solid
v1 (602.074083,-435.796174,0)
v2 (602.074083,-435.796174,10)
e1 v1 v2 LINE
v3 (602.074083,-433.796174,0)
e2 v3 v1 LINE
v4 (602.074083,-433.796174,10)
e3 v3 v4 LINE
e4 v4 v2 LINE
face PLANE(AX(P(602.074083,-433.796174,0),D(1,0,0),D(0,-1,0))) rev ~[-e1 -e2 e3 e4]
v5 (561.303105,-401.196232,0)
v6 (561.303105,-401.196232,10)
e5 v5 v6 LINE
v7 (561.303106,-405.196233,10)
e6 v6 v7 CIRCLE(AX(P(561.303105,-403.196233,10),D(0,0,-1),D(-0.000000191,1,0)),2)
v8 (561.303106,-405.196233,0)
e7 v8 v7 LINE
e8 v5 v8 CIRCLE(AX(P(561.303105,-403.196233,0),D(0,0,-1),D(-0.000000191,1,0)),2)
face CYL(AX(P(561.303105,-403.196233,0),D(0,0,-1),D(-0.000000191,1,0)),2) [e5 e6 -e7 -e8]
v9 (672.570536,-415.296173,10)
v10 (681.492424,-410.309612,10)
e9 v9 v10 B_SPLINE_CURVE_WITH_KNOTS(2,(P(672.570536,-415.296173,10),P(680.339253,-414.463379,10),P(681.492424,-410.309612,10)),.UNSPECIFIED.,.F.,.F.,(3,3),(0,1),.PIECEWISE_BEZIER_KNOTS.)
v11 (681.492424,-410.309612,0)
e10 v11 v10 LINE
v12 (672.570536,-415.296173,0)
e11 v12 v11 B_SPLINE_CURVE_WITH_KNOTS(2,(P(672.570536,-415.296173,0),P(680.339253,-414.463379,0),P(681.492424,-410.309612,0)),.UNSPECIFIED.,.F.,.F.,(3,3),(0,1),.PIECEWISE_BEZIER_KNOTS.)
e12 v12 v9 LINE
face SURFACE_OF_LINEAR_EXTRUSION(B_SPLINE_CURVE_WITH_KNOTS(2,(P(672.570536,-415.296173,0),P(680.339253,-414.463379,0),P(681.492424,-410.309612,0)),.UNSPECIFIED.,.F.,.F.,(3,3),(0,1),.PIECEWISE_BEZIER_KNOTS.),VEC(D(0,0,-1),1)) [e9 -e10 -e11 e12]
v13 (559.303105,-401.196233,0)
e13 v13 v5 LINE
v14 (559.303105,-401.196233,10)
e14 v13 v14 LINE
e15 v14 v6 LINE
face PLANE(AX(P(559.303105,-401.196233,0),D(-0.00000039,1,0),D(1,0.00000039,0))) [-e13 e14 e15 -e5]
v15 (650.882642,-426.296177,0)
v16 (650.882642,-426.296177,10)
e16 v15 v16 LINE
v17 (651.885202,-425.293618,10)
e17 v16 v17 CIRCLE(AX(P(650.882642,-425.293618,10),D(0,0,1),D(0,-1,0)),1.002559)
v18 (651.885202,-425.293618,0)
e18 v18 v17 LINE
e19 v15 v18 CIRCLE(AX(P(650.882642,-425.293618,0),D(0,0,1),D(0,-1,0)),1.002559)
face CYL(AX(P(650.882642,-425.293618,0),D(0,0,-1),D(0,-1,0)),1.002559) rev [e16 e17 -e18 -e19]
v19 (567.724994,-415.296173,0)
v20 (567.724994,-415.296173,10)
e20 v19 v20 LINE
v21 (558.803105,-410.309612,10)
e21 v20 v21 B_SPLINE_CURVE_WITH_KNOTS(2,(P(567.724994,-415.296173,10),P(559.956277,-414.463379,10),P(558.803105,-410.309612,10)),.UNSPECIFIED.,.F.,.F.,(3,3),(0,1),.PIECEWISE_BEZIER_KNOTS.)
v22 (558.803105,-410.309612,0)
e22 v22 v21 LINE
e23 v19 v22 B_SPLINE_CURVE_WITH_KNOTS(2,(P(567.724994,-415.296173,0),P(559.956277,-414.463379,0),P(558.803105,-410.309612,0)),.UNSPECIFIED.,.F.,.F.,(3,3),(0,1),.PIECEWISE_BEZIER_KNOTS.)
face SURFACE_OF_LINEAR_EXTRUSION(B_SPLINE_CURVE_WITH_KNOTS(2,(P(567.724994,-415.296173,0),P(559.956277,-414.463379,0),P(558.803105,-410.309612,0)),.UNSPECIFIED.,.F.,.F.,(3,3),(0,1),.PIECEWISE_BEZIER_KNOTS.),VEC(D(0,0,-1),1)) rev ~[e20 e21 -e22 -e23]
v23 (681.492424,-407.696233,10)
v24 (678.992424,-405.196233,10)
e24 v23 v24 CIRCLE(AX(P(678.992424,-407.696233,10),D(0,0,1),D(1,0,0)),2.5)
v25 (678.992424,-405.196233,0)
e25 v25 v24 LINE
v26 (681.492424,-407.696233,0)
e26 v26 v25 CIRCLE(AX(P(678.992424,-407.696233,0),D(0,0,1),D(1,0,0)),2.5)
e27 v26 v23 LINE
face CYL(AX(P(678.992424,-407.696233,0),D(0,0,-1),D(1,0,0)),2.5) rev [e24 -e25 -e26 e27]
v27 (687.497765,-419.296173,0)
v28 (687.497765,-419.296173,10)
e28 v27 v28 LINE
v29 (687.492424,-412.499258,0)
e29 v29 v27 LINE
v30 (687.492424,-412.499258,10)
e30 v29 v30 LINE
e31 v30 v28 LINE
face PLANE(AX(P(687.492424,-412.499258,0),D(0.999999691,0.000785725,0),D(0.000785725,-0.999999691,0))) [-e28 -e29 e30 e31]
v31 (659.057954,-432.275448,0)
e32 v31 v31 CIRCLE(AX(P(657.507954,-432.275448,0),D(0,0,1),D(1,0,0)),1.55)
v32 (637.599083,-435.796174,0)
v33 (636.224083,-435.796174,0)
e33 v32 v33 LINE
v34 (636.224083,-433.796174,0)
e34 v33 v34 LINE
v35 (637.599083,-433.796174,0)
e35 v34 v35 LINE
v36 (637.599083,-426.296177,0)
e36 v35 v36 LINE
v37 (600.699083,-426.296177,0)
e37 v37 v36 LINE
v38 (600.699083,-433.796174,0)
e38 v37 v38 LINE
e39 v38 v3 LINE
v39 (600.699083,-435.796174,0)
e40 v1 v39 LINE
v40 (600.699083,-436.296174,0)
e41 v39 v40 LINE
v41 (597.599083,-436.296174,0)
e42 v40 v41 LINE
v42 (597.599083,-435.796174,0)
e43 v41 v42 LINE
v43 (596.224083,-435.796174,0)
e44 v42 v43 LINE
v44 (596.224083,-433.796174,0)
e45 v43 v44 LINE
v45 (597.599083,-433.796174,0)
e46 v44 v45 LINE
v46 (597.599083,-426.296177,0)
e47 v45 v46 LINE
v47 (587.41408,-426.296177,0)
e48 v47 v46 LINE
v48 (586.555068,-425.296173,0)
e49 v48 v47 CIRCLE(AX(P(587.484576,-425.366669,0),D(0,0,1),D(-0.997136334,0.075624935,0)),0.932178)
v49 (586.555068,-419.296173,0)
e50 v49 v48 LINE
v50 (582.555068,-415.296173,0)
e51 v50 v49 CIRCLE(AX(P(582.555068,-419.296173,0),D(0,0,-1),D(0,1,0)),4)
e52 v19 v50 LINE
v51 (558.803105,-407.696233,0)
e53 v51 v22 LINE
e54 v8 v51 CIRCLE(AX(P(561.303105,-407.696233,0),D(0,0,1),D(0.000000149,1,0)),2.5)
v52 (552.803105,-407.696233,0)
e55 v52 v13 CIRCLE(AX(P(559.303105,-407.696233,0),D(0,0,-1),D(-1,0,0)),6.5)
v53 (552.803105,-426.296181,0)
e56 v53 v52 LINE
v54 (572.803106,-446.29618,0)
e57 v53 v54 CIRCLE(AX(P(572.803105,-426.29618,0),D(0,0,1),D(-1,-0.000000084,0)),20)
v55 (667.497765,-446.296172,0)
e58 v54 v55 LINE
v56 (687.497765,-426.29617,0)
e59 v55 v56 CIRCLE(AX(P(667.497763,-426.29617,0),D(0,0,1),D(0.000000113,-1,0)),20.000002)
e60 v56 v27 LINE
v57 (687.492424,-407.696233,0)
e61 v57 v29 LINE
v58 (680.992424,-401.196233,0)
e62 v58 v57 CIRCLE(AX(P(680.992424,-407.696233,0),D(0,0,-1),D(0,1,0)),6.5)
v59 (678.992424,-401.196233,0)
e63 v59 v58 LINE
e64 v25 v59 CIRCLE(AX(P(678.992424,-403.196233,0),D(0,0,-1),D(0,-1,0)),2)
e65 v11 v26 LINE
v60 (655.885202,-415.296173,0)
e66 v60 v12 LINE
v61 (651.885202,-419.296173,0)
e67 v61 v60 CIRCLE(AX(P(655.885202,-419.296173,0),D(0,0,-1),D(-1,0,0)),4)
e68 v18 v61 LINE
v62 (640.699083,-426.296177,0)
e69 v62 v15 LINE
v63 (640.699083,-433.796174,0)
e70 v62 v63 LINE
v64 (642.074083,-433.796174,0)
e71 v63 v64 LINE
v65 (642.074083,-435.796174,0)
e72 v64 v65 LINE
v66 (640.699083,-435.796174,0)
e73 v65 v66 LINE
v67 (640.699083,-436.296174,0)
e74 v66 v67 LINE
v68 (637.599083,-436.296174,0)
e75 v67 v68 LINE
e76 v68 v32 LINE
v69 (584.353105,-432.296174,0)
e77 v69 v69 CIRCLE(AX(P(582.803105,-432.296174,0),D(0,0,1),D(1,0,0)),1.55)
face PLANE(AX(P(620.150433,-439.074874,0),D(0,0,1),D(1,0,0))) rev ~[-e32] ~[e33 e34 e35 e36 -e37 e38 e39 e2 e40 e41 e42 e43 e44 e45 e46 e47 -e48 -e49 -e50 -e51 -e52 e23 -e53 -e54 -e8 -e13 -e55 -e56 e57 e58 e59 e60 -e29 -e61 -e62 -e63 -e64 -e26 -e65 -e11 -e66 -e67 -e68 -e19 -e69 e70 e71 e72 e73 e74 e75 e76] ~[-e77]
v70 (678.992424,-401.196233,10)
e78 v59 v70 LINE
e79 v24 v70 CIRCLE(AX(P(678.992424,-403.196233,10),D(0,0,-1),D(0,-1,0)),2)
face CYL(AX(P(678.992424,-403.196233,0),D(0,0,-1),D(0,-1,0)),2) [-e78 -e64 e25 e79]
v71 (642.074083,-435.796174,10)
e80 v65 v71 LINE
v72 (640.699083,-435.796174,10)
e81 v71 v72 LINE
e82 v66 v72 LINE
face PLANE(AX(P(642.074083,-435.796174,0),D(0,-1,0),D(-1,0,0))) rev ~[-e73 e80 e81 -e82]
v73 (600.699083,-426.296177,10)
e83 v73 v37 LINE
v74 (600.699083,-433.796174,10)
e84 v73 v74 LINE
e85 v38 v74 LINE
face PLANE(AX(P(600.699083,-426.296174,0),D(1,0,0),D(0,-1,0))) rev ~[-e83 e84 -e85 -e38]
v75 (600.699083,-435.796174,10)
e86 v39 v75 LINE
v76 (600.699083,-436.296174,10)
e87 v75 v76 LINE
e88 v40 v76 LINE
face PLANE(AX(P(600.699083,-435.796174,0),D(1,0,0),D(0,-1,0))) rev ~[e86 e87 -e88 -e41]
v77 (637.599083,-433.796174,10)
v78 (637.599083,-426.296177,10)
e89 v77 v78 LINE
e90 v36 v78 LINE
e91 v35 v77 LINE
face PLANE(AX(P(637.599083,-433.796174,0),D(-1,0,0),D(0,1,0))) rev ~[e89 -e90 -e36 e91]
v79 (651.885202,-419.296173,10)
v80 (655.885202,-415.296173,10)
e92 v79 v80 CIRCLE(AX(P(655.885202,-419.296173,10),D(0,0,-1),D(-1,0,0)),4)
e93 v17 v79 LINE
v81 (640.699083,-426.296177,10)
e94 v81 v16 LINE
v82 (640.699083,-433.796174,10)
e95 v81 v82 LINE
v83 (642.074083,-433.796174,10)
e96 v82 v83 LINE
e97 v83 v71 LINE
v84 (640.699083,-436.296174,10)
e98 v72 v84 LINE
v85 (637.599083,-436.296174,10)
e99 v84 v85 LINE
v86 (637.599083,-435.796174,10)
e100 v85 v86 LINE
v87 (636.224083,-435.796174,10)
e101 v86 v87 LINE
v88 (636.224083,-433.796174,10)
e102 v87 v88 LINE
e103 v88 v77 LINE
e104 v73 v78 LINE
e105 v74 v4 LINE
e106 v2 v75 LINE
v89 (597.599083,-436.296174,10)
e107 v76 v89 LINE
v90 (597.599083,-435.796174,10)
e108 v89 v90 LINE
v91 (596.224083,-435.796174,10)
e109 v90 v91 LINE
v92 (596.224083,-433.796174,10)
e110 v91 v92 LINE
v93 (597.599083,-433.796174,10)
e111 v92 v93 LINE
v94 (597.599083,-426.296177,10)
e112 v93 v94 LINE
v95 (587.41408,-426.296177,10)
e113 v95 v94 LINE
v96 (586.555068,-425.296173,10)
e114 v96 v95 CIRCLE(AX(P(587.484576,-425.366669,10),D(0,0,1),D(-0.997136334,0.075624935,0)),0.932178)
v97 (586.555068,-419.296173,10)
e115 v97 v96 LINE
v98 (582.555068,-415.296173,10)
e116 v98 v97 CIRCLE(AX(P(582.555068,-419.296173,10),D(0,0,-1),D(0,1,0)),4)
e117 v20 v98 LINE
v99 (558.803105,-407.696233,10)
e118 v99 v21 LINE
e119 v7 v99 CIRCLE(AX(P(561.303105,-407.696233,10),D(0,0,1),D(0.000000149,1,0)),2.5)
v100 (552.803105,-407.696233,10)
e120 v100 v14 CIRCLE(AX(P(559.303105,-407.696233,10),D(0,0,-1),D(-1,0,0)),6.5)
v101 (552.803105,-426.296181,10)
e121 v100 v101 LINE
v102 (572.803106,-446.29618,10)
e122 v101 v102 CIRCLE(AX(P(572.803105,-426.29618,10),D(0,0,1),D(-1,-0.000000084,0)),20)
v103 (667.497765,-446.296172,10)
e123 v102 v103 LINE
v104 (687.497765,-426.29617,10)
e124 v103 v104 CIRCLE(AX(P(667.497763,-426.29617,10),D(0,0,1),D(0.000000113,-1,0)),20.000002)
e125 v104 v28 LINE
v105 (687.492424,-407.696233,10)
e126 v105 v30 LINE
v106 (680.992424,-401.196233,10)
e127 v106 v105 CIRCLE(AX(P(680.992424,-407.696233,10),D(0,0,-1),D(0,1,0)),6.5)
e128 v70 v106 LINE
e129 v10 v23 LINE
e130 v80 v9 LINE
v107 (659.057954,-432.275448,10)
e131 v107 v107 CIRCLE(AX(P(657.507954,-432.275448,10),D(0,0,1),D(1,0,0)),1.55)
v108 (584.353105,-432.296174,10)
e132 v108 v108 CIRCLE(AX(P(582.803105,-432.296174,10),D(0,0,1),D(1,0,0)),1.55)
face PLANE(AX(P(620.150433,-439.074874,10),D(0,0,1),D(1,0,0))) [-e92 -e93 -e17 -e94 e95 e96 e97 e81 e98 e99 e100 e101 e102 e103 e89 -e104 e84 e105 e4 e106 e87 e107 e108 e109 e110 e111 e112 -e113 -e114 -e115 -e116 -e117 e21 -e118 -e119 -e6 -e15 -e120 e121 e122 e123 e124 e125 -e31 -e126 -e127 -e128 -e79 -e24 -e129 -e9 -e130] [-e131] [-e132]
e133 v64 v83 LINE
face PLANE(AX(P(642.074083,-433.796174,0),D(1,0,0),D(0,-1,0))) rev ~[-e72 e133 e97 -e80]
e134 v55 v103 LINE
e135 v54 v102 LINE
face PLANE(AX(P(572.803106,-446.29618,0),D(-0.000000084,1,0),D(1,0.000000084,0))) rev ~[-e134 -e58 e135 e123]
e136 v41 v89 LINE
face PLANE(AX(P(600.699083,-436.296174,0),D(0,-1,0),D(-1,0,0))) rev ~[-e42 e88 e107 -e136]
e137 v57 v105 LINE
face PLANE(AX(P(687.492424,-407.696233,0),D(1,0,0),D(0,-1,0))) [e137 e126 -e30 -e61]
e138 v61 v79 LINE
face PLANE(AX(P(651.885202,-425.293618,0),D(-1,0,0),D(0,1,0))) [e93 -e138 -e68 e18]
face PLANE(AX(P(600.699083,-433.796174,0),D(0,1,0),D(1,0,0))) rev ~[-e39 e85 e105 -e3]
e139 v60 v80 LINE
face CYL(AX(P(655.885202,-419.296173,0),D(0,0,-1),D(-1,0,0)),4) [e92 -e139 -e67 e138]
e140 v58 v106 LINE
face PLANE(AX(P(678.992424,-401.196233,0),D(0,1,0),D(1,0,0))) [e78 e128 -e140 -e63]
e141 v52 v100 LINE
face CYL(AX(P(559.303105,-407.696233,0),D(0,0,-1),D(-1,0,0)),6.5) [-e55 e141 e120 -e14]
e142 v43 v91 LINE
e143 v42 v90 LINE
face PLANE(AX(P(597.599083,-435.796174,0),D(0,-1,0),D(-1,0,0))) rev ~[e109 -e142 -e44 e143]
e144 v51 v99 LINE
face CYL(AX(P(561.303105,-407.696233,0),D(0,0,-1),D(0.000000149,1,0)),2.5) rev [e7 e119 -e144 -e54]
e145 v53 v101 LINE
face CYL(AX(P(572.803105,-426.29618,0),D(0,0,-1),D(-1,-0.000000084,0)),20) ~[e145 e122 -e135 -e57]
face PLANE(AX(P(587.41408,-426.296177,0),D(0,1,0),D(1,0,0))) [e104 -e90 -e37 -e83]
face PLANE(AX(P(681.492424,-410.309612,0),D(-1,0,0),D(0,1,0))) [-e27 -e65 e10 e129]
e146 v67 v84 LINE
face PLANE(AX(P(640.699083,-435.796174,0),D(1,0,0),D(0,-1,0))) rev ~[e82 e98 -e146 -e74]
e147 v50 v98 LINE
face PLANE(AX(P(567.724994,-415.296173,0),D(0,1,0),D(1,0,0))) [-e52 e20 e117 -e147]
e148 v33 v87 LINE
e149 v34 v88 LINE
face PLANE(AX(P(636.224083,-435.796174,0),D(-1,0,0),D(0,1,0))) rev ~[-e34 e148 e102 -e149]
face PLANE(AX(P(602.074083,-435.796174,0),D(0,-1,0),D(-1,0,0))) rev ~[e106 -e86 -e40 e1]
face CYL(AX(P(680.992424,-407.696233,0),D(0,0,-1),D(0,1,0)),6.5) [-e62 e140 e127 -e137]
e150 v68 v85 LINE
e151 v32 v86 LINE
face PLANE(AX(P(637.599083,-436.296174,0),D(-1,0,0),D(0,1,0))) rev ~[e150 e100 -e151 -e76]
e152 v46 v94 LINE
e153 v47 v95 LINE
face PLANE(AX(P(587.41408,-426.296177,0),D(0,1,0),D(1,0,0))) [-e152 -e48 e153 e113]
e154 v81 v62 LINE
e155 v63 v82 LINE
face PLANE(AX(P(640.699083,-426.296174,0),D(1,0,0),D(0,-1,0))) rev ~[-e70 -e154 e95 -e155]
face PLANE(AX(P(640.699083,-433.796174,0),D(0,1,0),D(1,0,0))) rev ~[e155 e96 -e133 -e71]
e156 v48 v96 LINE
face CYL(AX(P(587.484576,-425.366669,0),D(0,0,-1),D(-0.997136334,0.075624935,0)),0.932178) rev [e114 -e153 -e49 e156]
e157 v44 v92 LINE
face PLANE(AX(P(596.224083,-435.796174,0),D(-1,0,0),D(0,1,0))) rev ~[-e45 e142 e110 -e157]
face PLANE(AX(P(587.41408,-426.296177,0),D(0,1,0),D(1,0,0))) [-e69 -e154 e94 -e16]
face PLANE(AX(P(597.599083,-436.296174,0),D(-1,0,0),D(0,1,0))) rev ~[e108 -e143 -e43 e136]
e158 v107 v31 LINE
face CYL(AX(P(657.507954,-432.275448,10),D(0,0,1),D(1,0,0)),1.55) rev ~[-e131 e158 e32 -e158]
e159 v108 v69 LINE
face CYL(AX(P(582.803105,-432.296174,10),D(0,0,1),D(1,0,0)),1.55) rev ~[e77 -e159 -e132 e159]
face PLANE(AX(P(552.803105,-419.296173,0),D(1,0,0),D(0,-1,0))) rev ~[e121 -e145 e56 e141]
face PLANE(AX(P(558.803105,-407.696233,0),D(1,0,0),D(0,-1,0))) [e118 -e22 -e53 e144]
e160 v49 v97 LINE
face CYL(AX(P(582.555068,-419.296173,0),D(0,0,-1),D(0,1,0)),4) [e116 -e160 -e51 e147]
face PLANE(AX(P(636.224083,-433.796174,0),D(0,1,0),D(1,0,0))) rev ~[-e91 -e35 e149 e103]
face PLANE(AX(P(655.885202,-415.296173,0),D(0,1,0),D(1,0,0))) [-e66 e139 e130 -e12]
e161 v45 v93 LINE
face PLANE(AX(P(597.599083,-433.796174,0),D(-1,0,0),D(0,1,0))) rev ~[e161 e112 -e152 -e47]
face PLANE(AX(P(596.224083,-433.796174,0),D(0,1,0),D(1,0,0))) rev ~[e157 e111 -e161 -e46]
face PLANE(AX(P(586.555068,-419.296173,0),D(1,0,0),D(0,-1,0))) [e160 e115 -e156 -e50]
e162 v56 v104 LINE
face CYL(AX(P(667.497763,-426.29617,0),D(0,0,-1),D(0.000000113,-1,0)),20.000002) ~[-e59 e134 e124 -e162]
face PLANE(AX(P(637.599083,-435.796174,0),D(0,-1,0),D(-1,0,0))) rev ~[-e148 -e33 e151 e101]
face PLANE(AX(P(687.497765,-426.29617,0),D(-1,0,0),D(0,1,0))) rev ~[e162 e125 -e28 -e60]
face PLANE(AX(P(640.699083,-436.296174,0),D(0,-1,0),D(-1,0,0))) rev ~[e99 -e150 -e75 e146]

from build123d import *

# Parameters (mm, degrees)
DODANIE_WYCI_GNI_CIE1_DEPTH = 10
SZKIC2_R                    = 1.55
WYTNIJ_WYCI_GNI_CIE1_DEPTH  = 10
WYTNIJ_WYCI_GNI_CIE2_DEPTH  = 10
DODANIE_WYCI_GNI_CIE2_DEPTH = 10


with BuildPart() as part:
    # Szkic1 → Dodanie-wyciągnięcie1 (new body)
    with BuildSketch(Plane.XY):
        with BuildLine():
            Line((587.414080321, -426.296177349), (650.882642176, -426.296177349))
            ThreePointArc((650.882642176, -426.296177349), (651.591558731, -426.002534497), (651.885201582, -425.293617942))
            Line((651.885201582, -425.293617942), (651.885201582, -419.296173179))
            ThreePointArc((651.885201582, -419.296173179), (653.056774457, -416.467746055), (655.885201582, -415.296173179))
            Line((655.885201582, -415.296173179), (672.570535687, -415.296173179))
            add(Edge.make_bspline(
                [(672.570535687, -415.296173179), (680.339252511, -414.463378733), (681.492424358, -410.309612352)],
                knots=[0, 0, 0, 1, 1, 1], degree=2))
            Line((681.492424358, -410.309612352), (681.492424358, -407.696232794))
            ThreePointArc((681.492424358, -407.696232794), (680.760191311, -405.928465841), (678.992424358, -405.196232794))
            ThreePointArc((678.992424358, -405.196232794), (676.992424358, -403.196232794), (678.992424358, -401.196232794))
            Line((678.992424358, -401.196232794), (680.992424358, -401.196232794))
            ThreePointArc((680.992424358, -401.196232794), (685.588618435, -403.100038717), (687.492424358, -407.696232794))
            Line((687.492424358, -407.696232794), (687.492424358, -412.4992576))
            Line((687.492424358, -412.4992576), (687.497764867, -419.296173358))
            ThreePointArc((687.497764867, -419.296173358), (681.63990049, -433.438308981), (667.497764867, -439.296173358))
            Line((667.497764867, -439.296173358), (572.803105375, -439.296173358))
            ThreePointArc((572.803105375, -439.296173358), (558.660969752, -433.438308981), (552.803105375, -419.296173358))
            Line((552.803105375, -419.296173358), (552.803105375, -407.696232794))
            ThreePointArc((552.803105375, -407.696232794), (554.706911183, -403.100038993), (559.303104985, -401.196233185))
            Line((559.303104985, -401.196233185), (561.303104985, -401.196232404))
            ThreePointArc((561.303104985, -401.196232404), (563.303105554, -403.196232208), (561.303105749, -405.196232777))
            ThreePointArc((561.303105749, -405.196232777), (559.535338555, -405.928465692), (558.803105376, -407.696232777))
            Line((558.803105376, -407.696232777), (558.803105375, -410.309612352))
            add(Edge.make_bspline(
                [(567.724994046, -415.296173179), (559.956277223, -414.463378733), (558.803105375, -410.309612352)],
                knots=[0, 0, 0, 1, 1, 1], degree=2))
            Line((567.724994046, -415.296173179), (582.555068068, -415.296173179))
            ThreePointArc((582.555068068, -415.296173179), (585.383495193, -416.467746055), (586.555068068, -419.296173179))
            Line((586.555068068, -419.296173179), (586.555068068, -425.296173358))
            ThreePointArc((586.555068068, -425.296173358), (586.777466587, -425.974082616), (587.414080321, -426.296177349))
        make_face()
    extrude(amount=DODANIE_WYCI_GNI_CIE1_DEPTH)

    # Szkic2 → Wytnij-wyciągnięcie1 (cut)
    with BuildSketch(Plane.XY.offset(10)):
        with Locations((657.507953751, -432.275447831)):
            Circle(SZKIC2_R)
        with Locations((582.803105375, -432.296173587)):
            Circle(SZKIC2_R)
    extrude(amount=-WYTNIJ_WYCI_GNI_CIE1_DEPTH, mode=Mode.SUBTRACT)

    # Szkic3 → Wytnij-wyciągnięcie2 (cut)
    with BuildSketch(Plane(origin=(0, 0, 0), x_dir=(-1, 0, 0), z_dir=(0, 0, -1))):
        Polygon((-600.699082892, -426.296174265), (-600.699082892, -433.796174265), (-602.074082892, -433.796174265), (-602.074082892, -435.796174265), (-600.699082892, -435.796174265), (-600.699082892, -436.296174265), (-597.599082892, -436.296174265), (-597.599082892, -435.796174265), (-596.224082892, -435.796174265), (-596.224082892, -433.796174265), (-597.599082892, -433.796174265), (-597.599082892, -426.296174265), align=None)
        Polygon((-640.699082892, -426.296174265), (-640.699082892, -433.796174265), (-642.074082892, -433.796174265), (-642.074082892, -435.796174265), (-640.699082892, -435.796174265), (-640.699082892, -436.296174265), (-637.599082892, -436.296174265), (-637.599082892, -435.796174265), (-636.224082892, -435.796174265), (-636.224082892, -433.796174265), (-637.599082892, -433.796174265), (-637.599082892, -426.296174265), align=None)
    extrude(amount=-WYTNIJ_WYCI_GNI_CIE2_DEPTH, mode=Mode.SUBTRACT)

    # Szkic4 → Dodanie-wyciągnięcie2 (add)
    with BuildSketch(Plane(origin=(0, 0, 0), x_dir=(-1, 0, 0), z_dir=(0, 0, -1))):
        with BuildLine():
            Line((-572.80310596, -446.29617968), (-667.497765451, -446.296171767))
            ThreePointArc((-667.497765451, -446.296171767), (-681.639900798, -440.438306104), (-687.497764867, -426.296170096))
            Line((-687.497764867, -426.296170096), (-687.497764867, -419.296173358))
            ThreePointArc((-687.497764867, -419.296173358), (-681.63990049, -433.438308981), (-667.497764867, -439.296173358))
            Line((-667.497764867, -439.296173358), (-572.803105375, -439.296173358))
            ThreePointArc((-572.803105375, -439.296173358), (-558.660969752, -433.438308981), (-552.803105375, -419.296173358))
            Line((-552.803105375, -419.296173358), (-552.803105375, -426.296181351))
            ThreePointArc((-552.803105375, -426.296181351), (-558.660970549, -440.438316101), (-572.80310596, -446.29617968))
        make_face()
    extrude(amount=-DODANIE_WYCI_GNI_CIE2_DEPTH)


solid = part.part
